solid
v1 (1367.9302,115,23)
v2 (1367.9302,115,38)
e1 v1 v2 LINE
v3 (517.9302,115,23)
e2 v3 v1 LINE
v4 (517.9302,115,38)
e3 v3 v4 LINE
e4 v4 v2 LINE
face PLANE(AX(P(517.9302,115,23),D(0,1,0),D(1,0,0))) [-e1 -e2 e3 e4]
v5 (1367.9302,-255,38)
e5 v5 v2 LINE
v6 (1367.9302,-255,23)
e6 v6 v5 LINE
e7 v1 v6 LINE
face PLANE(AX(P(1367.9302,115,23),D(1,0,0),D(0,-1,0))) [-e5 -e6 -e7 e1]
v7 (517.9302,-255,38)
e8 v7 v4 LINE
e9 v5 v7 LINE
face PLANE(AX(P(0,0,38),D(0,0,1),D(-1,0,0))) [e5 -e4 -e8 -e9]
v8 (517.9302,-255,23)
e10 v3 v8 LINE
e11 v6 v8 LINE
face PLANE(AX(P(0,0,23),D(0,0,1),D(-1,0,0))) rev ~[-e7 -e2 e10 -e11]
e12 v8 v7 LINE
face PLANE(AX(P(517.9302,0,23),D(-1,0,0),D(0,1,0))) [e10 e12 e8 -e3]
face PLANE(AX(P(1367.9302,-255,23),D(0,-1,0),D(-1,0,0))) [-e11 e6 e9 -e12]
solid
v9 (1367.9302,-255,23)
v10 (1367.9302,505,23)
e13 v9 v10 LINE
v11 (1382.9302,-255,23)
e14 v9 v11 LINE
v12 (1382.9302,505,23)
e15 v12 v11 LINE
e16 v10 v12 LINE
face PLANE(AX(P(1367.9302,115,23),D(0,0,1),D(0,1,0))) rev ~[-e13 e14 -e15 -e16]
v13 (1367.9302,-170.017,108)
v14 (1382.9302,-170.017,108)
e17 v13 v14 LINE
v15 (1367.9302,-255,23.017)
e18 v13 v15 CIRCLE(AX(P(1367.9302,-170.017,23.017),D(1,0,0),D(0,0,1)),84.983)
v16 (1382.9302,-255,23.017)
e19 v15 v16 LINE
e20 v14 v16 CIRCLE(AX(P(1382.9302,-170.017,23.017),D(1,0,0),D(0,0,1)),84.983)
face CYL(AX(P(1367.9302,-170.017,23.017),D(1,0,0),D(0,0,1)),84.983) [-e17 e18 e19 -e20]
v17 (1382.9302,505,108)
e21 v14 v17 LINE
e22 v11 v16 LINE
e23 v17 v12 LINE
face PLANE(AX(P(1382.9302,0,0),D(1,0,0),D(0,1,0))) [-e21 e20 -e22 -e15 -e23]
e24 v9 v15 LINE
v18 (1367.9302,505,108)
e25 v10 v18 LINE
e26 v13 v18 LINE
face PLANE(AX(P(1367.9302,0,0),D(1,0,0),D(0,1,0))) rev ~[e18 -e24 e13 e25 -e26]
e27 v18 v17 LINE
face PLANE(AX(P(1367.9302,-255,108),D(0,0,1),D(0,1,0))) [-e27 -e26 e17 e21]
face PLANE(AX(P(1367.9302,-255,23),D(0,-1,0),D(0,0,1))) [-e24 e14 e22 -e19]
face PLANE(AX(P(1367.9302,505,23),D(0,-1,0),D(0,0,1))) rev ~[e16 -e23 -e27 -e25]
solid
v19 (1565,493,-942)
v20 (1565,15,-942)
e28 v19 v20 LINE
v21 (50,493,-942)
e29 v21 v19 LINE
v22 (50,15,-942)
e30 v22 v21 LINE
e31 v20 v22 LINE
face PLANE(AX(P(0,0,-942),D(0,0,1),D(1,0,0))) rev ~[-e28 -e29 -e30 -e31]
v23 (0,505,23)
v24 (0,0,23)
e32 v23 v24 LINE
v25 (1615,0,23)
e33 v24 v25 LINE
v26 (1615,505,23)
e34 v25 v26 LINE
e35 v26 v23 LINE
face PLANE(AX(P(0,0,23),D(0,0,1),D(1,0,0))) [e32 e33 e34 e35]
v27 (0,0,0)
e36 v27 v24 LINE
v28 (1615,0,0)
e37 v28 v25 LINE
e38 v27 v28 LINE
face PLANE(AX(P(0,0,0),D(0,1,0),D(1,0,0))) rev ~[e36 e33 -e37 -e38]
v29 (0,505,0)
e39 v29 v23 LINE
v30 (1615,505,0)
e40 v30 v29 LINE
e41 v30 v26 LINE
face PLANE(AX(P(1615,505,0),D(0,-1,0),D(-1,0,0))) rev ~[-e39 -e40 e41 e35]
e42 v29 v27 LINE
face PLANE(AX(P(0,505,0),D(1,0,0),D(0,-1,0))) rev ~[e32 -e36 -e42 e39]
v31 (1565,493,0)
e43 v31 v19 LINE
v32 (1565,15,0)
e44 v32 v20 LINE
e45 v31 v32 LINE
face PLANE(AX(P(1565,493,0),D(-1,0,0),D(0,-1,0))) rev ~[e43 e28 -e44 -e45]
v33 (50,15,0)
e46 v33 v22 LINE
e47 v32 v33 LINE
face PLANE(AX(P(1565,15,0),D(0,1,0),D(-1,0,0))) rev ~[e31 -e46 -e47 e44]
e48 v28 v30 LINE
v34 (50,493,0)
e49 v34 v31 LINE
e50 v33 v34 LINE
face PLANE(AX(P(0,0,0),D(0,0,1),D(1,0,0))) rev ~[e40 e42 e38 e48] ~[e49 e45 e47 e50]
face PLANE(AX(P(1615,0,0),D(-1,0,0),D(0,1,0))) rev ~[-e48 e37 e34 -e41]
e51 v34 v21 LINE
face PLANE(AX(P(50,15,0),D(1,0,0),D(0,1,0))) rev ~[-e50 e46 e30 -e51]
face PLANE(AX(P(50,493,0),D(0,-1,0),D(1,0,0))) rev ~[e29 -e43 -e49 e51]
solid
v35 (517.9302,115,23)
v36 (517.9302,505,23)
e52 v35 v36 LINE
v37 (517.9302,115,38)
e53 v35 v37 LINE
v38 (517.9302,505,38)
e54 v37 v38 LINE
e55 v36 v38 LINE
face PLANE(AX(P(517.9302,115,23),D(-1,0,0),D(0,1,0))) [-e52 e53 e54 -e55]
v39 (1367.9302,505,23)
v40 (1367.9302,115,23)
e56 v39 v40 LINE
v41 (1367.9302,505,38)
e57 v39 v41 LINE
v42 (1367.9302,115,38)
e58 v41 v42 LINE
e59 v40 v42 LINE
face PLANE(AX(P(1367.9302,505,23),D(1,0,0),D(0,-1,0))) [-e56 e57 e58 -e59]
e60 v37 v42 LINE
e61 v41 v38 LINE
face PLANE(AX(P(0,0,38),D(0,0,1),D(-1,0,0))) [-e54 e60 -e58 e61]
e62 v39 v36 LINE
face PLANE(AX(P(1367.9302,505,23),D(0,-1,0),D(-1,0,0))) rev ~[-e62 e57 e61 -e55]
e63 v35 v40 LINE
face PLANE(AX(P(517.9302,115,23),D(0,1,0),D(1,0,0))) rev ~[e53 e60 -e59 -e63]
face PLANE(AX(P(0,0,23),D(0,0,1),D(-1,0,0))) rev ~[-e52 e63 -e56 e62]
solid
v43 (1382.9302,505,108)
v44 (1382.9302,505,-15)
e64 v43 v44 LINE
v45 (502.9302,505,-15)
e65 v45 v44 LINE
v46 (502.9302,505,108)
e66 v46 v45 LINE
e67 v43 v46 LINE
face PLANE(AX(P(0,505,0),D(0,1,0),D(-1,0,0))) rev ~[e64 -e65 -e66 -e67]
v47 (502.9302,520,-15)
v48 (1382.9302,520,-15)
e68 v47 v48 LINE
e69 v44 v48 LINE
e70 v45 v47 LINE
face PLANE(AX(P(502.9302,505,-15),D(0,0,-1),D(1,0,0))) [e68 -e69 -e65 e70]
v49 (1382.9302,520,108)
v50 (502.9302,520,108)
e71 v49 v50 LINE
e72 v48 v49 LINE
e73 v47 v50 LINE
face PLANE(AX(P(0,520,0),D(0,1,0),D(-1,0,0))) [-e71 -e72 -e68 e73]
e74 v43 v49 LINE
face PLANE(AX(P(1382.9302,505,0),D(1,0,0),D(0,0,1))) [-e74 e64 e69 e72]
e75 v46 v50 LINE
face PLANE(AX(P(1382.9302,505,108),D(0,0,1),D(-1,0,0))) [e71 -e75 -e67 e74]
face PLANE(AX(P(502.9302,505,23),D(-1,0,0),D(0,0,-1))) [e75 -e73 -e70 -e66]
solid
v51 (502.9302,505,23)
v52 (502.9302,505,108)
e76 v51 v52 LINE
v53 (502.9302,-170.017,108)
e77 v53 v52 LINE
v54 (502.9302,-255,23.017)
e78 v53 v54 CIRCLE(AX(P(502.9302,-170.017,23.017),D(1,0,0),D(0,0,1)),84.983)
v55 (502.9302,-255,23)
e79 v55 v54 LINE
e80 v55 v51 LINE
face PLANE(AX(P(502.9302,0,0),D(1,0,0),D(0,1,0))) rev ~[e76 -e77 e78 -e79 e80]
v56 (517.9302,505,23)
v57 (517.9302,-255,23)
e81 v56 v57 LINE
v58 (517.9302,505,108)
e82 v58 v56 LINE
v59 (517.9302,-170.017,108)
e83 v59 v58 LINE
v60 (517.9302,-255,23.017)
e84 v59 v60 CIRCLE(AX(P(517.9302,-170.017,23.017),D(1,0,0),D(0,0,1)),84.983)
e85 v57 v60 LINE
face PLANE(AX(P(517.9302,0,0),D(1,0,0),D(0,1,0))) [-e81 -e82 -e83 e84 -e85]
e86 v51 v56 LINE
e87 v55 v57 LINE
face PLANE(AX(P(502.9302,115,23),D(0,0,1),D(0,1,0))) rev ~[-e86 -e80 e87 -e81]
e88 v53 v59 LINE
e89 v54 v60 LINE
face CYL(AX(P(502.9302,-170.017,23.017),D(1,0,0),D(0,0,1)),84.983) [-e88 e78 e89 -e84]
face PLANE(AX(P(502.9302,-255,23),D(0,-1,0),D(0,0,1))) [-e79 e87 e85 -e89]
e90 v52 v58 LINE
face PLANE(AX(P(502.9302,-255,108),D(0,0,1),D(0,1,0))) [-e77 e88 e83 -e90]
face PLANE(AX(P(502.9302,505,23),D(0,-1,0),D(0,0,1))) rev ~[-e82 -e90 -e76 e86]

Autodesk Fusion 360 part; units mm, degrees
sketch "Sketch1" plane through (0, 0, 0) normal (0, 0, 1) x (1, 0, 0)
  line L0 (0, 0) -> (1615, 0)
  line L1 (1615, 0) -> (1615, 505)
  line L2 (1615, 505) -> (0, 505)
  line L3 (0, 505) -> (0, 0)
  line L4 (50, 493) -> (1565, 493)
  line L5 (1565, 493) -> (1565, 15)
  line L6 (1565, 15) -> (50, 15)
  line L7 (50, 15) -> (50, 493)
  dimension "d1" = 505
  dimension "d2" = 1615
  dimension "d3" = 12
  dimension "d4" = 50
  dimension "d5" = 50
  dimension "d6" = 15
extrude "Extrude1" add sketch "Sketch1" along normal blind 23 contours L0 L1 L2 L3 | L4 L5 L6 L7 makes body 1
extrude "Extrude2" add sketch "Sketch1" against normal blind 942 contours L4 L5 L6 L7 bodies 1
sketch "Sketch2" plane through (0, 0, 23) normal (0, 0, 1) x (-1, 0, 0)
  line L0 (0, -505) -> (0, 0)
  line L1 (0, 0) -> (-1615, 0)
  line L2 (-1615, 0) -> (-1615, -505)
  line L3 (-1615, -505) -> (0, -505)
  line L4 (-517.9302, -505) -> (-1367.9302, -505)
  line L5 (-1367.9302, -505) -> (-1367.9302, 255)
  line L6 (-1367.9302, 255) -> (-517.9302, 255)
  line L7 (-517.9302, 255) -> (-517.9302, -505)
  line L8 (-1615, -505) -> (0, -505)
  line L9 (-517.9302, -115) -> (-1367.9302, -115)
  dimension "d11" = 850
  dimension "d12" = 760
  dimension "d15" = 390
extrude "Extrude3" add sketch "Sketch2" along normal blind 15 separate body contours L3 L4 L5 L7 L8 L9 makes body 2
extrude "Extrude4" add sketch "Sketch2" along normal blind 15 separate body contours L1 L5 L7 L9 | L1 L5 L6 L7 makes body 3
sketch "Sketch3" plane through (1367.9302, 0, 0) normal (1, 0, 0) x (0, 1, 0)
  line L0 (115, 23) -> (505, 23)
  line L1 (505, 23) -> (505, 38)
  line L2 (505, 38) -> (115, 38)
  line L3 (115, 38) -> (115, 23)
  line L4 (505, 23) -> (-255, 23)
  line L5 (-255, 23) -> (-255, 108)
  line L6 (-255, 108) -> (505, 108)
  line L7 (505, 108) -> (505, 23)
  dimension "d21" = 760
  dimension "d22" = 85
extrude "Extrude5" add sketch "Sketch3" along normal blind 15 separate body makes body 4
extrude "Extrude6" add sketch "Sketch3" along normal blind 15 from surface at -865 separate body makes body 5
sketch "Sketch6" plane through (0, 505, 0) normal (0, 1, 0) x (-1, 0, 0)
  line L0 (-1615, 0) -> (0, 0)
  line L1 (0, 0) -> (0, 23)
  line L2 (0, 23) -> (-1615, 23)
  line L3 (-1615, 23) -> (-1615, 0)
  line L4 (-1382.9302, 108) -> (-502.9302, 108)
  line L5 (-502.9302, 108) -> (-502.9302, -15)
  line L6 (-502.9302, -15) -> (-1382.9302, -15)
  line L7 (-1382.9302, -15) -> (-1382.9302, 108)
  point P0 (-1382.9302, 108)
  point P1 (-502.9302, 108)
  dimension "d29" = 15
extrude "Extrude7" add sketch "Sketch6" along normal blind 15 separate body contours L0 L2 L5 L7 | L0 L5 L6 L7 | L2 L4 L5 L7 makes body 6
fillet "Fillet1" radius 85 2 edges at (1375.4302, -255, 108) (510.4302, -255, 108) on bodies 4 5
copy_body "Body->Comp1" bodies 2 removing the originals makes body 7 in component "base back"
copy_body "Body->Comp2" bodies 3 removing the originals makes body 8 in component "base front"
component "base back" placed x (1, 0, 0) y (0, 1, 0) z (0, 0, 1) at (0, 0, 0)
component "base front" placed x (1, 0, 0) y (0, 1, 0) z (0, 0, 1) at (0, 0, 0)
equation "d11 = base_width"
equation "d12 = base_height"
equation "base_width = 850 mm"
equation "base_height = 760 mm"
equation "d15 = base_height / 2 + 10 mm"
equation "material_thickness = 15 mm"
equation "d17 = material_thickness"
equation "d19 = material_thickness"
equation "d21 = base_height"
equation "d22 = base_sidewalls - material_thickness"
equation "base_sidewalls = 100 mm"
equation "d24 = material_thickness"
equation "d26 = -( base_width + material_thickness )"
equation "d27 = material_thickness"
equation "d29 = material_thickness"
equation "d30 = material_thickness"
equation "d33 = base_sidewalls - material_thickness"
